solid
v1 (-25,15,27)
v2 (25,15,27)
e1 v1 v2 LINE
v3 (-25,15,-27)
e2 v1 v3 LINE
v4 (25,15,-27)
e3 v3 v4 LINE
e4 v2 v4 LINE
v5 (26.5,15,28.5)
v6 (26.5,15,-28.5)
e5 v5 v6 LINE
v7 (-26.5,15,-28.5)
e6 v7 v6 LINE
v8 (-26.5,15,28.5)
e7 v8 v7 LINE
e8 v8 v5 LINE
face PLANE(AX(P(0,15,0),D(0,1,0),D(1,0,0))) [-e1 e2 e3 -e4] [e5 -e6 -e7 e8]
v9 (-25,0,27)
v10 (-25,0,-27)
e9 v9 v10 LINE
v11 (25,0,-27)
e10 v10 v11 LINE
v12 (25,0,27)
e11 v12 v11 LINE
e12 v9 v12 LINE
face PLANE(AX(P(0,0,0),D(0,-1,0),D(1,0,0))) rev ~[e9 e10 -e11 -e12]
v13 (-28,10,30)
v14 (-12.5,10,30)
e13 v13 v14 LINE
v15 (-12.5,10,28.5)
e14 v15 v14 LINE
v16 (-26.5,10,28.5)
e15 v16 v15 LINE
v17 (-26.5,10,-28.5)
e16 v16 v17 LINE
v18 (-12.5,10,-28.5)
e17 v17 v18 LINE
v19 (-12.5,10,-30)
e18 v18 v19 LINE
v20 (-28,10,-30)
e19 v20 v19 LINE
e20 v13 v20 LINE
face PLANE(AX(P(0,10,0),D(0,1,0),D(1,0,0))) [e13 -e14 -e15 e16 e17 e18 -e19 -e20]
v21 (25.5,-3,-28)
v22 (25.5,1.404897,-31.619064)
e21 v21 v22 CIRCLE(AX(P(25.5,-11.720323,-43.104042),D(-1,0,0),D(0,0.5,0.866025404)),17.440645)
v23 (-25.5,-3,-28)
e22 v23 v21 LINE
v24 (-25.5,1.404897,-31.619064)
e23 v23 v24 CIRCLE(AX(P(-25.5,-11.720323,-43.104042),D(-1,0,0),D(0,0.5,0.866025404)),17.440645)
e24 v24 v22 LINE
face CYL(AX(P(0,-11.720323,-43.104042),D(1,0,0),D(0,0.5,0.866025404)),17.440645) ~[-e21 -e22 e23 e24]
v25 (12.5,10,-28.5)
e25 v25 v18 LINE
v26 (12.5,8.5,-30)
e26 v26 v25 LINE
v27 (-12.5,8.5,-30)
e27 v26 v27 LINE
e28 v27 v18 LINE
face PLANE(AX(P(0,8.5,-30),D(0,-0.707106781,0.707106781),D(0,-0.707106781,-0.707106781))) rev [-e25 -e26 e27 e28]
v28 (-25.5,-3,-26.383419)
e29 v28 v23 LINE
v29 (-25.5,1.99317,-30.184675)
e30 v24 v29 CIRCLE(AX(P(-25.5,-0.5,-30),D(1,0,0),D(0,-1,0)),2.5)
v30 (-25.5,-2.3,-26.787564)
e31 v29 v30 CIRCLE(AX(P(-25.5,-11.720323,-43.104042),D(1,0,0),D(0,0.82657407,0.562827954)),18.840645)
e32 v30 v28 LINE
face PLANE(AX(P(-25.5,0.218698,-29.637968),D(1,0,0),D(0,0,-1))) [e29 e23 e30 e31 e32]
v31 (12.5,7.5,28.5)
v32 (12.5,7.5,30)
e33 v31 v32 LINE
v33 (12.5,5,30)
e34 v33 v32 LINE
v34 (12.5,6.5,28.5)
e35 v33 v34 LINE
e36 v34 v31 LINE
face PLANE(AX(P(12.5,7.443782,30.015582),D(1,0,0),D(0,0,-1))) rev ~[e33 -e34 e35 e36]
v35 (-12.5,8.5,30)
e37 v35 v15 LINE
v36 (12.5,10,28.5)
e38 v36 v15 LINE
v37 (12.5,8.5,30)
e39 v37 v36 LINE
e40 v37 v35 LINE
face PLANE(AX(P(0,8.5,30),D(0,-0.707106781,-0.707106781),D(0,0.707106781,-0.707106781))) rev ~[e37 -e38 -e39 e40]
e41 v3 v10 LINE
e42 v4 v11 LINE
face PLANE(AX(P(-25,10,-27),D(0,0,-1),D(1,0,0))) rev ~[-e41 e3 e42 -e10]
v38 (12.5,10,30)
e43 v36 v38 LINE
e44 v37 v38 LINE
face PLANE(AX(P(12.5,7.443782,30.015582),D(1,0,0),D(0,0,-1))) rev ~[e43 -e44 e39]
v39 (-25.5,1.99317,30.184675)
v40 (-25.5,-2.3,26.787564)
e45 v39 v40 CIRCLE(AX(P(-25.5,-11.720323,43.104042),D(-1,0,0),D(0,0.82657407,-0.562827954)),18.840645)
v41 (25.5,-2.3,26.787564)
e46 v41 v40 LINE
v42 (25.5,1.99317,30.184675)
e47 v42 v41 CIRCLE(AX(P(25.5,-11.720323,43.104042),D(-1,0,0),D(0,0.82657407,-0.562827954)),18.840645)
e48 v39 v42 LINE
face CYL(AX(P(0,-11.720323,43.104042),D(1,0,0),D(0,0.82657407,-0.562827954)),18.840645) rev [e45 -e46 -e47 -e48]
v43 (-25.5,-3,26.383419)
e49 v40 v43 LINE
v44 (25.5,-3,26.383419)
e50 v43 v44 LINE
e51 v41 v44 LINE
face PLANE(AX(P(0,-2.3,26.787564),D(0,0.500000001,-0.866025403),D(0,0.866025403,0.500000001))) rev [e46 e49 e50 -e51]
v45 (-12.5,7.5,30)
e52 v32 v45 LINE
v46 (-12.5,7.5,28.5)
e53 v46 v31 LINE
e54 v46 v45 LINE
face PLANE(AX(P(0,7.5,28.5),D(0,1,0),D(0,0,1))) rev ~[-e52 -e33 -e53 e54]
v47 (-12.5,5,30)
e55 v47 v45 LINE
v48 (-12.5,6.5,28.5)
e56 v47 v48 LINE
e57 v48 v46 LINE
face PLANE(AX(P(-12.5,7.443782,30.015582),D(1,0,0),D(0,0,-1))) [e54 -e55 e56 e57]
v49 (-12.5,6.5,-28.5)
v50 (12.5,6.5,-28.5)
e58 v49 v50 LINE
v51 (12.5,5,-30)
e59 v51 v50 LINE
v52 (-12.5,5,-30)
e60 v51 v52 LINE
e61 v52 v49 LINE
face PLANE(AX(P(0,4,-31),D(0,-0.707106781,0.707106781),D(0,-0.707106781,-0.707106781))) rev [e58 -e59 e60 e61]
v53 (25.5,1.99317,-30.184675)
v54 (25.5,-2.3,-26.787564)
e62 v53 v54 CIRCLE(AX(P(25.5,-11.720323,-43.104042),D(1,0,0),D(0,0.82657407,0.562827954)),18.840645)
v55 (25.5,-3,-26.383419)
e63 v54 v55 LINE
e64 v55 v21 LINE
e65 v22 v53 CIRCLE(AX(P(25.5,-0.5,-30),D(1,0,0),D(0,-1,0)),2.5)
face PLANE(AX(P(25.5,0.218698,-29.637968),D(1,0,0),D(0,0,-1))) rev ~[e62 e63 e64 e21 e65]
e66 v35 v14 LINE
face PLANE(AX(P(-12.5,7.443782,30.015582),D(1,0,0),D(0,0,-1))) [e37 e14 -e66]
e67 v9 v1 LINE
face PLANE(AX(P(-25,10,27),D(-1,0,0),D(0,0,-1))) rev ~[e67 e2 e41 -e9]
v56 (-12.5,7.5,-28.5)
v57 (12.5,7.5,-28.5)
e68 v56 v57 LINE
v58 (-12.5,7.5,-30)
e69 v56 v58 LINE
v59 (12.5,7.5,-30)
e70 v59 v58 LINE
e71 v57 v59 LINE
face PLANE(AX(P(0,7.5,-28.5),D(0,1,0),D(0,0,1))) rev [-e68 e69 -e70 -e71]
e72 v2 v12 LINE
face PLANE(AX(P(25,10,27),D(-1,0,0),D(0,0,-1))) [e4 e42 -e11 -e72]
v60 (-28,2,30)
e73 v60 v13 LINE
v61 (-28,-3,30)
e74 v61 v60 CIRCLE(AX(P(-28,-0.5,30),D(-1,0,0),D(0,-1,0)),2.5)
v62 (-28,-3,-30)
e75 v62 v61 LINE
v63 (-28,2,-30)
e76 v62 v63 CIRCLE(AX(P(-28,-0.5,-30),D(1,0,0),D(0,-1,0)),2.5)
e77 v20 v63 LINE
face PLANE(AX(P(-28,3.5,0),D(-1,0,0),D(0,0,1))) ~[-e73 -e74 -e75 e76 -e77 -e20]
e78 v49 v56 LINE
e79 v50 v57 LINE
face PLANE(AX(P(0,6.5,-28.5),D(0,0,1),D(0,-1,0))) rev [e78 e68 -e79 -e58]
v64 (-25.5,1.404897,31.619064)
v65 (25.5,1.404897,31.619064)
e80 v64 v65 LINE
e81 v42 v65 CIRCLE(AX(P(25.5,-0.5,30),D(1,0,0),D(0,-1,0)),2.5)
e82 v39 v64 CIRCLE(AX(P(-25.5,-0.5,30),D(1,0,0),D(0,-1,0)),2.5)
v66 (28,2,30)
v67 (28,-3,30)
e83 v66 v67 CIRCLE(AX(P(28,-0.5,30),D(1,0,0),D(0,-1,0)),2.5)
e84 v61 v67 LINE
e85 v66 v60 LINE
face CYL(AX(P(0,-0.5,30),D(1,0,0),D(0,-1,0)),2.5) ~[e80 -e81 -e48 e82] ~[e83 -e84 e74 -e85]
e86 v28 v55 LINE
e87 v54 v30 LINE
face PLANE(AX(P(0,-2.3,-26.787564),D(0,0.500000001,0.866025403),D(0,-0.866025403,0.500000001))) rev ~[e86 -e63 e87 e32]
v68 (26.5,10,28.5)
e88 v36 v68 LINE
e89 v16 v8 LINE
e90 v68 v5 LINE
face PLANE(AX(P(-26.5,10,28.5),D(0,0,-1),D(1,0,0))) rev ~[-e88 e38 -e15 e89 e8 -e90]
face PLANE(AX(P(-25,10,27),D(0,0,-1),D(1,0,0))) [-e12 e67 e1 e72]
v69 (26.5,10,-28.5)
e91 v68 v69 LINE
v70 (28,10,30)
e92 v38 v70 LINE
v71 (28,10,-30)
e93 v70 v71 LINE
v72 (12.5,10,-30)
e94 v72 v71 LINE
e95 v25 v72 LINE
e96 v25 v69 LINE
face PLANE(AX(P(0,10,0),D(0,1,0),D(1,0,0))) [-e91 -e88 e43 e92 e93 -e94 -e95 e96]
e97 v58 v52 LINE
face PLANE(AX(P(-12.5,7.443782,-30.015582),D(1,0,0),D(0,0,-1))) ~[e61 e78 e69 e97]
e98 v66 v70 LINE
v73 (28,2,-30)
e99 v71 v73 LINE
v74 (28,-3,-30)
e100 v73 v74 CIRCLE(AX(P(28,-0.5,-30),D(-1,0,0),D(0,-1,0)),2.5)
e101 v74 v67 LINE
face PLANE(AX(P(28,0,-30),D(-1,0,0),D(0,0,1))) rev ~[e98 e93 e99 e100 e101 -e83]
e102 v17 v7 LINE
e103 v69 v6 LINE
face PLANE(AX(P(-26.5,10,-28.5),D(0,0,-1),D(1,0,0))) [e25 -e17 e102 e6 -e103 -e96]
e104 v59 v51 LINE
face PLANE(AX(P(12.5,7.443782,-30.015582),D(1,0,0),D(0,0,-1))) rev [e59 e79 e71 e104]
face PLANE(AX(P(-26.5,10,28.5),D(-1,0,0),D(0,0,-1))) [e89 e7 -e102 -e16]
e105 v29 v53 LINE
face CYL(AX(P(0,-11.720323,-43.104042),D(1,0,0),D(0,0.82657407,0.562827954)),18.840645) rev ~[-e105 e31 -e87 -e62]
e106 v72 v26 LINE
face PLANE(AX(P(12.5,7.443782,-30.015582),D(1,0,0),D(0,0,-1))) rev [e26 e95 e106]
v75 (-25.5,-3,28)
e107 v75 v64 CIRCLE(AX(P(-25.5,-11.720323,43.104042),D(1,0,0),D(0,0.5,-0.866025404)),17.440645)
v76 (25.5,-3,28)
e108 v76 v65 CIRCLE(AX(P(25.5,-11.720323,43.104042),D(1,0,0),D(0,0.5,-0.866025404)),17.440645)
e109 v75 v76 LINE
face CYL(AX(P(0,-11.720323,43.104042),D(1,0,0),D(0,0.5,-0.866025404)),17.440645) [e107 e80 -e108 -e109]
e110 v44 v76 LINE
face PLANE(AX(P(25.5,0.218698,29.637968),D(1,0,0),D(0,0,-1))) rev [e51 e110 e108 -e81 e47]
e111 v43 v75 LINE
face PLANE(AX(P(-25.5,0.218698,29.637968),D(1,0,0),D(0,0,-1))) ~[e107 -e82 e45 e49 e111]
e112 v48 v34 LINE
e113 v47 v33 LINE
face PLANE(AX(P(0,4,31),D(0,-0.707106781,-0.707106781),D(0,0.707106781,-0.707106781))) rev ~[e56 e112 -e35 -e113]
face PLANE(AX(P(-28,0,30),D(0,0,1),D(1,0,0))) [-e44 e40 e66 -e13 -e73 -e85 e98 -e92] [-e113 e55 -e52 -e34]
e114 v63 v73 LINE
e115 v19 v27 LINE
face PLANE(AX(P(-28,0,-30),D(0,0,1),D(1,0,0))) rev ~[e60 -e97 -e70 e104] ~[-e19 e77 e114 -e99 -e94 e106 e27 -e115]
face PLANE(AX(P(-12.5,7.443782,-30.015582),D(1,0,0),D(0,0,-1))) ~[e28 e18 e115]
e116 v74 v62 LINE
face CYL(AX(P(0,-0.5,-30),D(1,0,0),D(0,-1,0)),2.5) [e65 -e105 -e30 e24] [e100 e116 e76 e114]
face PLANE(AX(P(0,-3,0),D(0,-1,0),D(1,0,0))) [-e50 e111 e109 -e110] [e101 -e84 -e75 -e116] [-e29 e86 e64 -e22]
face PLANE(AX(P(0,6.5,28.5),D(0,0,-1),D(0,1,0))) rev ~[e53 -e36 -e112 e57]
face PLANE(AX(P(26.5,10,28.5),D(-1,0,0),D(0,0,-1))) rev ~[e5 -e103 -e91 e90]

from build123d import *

# Parameters (mm, degrees)
SKETCH1_W                       = 56
SKETCH1_H                       = 60
SKETCH1_W_2                     = 50
SKETCH1_H_2                     = 54
BOSS_EXTRUDE1_DEPTH             = 10
SKETCH2_W                       = 56
SKETCH2_H                       = 60
BOSS_EXTRUDE2_DEPTH             = 3
CUT_EXTRUDE1_DEPTH              = 12.5
BOSS_EXTRUDE4_REACH             = 44.237
BOSS_EXTRUDE4_DIRECTION_2_REACH = 44.237
BOSS_EXTRUDE5_DEPTH             = 25.5
SKETCH7_W                       = 53
SKETCH7_H                       = 57
SKETCH7_W_2                     = 50
SKETCH7_H_2                     = 54
BOSS_EXTRUDE6_DEPTH             = 5


with BuildPart() as part:
    # Sketch1 → Boss-Extrude1 (new body)
    with BuildSketch(Plane(origin=(0, 0, 0), x_dir=(1, 0, 0), z_dir=(0, 1, 0))):
        Rectangle(SKETCH1_W, SKETCH1_H)
        Rectangle(SKETCH1_W_2, SKETCH1_H_2, mode=Mode.SUBTRACT)
    extrude(amount=BOSS_EXTRUDE1_DEPTH)

    # Sketch2 → Boss-Extrude2 (add)
    with BuildSketch(Plane.XZ):
        Rectangle(SKETCH2_W, SKETCH2_H)
    extrude(amount=BOSS_EXTRUDE2_DEPTH)

    # Sketch3 → Cut-Extrude1 (cut, symmetric)
    with BuildSketch(Plane(origin=(0, 0, 0), x_dir=(0, 0, -1), z_dir=(1, 0, 0))):
        Polygon((-28.5, 10), (-31, 10), (-31, 4), (-28.5, 6.5), (-28.5, 7.5), (-30, 7.5), (-30, 8.5), align=None)
    cut_extrude1 = extrude(amount=CUT_EXTRUDE1_DEPTH, both=True, mode=Mode.SUBTRACT)

    # Mirror1: Cut-Extrude1 across plane
    add(cut_extrude1.mirror(Plane.XY), mode=Mode.SUBTRACT)

    # Boss-Extrude4: up to this face of the body (flat: up to its plane)
    boss_extrude4_end = Plane(part.part.faces().sort_by_distance((28, 3.5, 0))[0])
    # Sketch4 → Boss-Extrude4 (add, up to the picked face)
    with BuildSketch(Plane(origin=(0, 0, 0), x_dir=(0, 0, -1), z_dir=(1, 0, 0)), mode=Mode.PRIVATE) as boss_extrude4_sk1:
        with BuildLine():
            Line((30, 2), (30, -3))
            ThreePointArc((30, -3), (32.5, -0.5), (30, 2))
        make_face()
    boss_extrude4_tool1 = split(extrude(boss_extrude4_sk1.sketch, amount=BOSS_EXTRUDE4_REACH, mode=Mode.PRIVATE), bisect_by=boss_extrude4_end, keep=Keep.BOTH, mode=Mode.PRIVATE)
    boss_extrude4 = boss_extrude4_tool1.solids().sort_by(Axis((0, -0.5, -31.061033), (1, 0, 0)))[0]
    add(boss_extrude4)

    # Boss-Extrude4 direction 2: up to this face of the body (flat: up to its plane)
    boss_extrude4_direction_2_end = Plane(part.part.faces().sort_by_distance((-28, 3.5, 0))[0])
    # Sketch4 → Boss-Extrude4 direction 2 (add, up to the picked face)
    with BuildSketch(Plane(origin=(0, 0, 0), x_dir=(0, 0, -1), z_dir=(1, 0, 0)), mode=Mode.PRIVATE) as boss_extrude4_direction_2_sk1:
        with BuildLine():
            Line((30, 2), (30, -3))
            ThreePointArc((30, -3), (32.5, -0.5), (30, 2))
        make_face()
    boss_extrude4_direction_2_tool1 = split(extrude(boss_extrude4_direction_2_sk1.sketch, amount=-BOSS_EXTRUDE4_DIRECTION_2_REACH, mode=Mode.PRIVATE), bisect_by=boss_extrude4_direction_2_end, keep=Keep.BOTH, mode=Mode.PRIVATE)
    boss_extrude4_direction_2 = boss_extrude4_direction_2_tool1.solids().sort_by(Axis((0, -0.5, -31.061033), (-1, 0, 0)))[0]
    add(boss_extrude4_direction_2)

    # Mirror3: Boss-Extrude4, Boss-Extrude4 direction 2 across plane
    add(boss_extrude4.mirror(Plane.XY))
    add(boss_extrude4_direction_2.mirror(Plane.XY))

    # Sketch7 → Boss-Extrude6 (add)
    with BuildSketch(Plane(origin=(0, 10, 0), x_dir=(1, 0, 0), z_dir=(0, 1, 0))):
        Rectangle(SKETCH7_W, SKETCH7_H)
        Rectangle(SKETCH7_W_2, SKETCH7_H_2, mode=Mode.SUBTRACT)
    extrude(amount=BOSS_EXTRUDE6_DEPTH)


with BuildPart() as body_2:
    # Sketch5 → Boss-Extrude5 (new, symmetric)
    with BuildSketch(Plane(origin=(0, 0, 0), x_dir=(0, 0, -1), z_dir=(1, 0, 0))):
        with BuildLine():
            Line((26.787564435, -2.3), (26.383419246, -3))
            Line((26.383419246, -3), (28, -3))
            ThreePointArc((28, -3), (29.996934481, -0.214678652), (32.5, 2.126352177))
            Line((32.5, 2.126352177), (32.5, 3.852866185))
            ThreePointArc((32.5, 3.852866185), (29.29668765, 1.098682153), (26.787564435, -2.3))
        make_face()
    extrude(amount=BOSS_EXTRUDE5_DEPTH, both=True)


with BuildPart() as body_3:
    # Mirror2: mirrored copy
    add(body_2.part.mirror(Plane.XY))


with BuildPart() as part_1:
    add(part.part)

    # Combine1: cut body 2, body 3
    add(body_2.part, mode=Mode.SUBTRACT)
    add(body_3.part, mode=Mode.SUBTRACT)


solid = part_1.part
